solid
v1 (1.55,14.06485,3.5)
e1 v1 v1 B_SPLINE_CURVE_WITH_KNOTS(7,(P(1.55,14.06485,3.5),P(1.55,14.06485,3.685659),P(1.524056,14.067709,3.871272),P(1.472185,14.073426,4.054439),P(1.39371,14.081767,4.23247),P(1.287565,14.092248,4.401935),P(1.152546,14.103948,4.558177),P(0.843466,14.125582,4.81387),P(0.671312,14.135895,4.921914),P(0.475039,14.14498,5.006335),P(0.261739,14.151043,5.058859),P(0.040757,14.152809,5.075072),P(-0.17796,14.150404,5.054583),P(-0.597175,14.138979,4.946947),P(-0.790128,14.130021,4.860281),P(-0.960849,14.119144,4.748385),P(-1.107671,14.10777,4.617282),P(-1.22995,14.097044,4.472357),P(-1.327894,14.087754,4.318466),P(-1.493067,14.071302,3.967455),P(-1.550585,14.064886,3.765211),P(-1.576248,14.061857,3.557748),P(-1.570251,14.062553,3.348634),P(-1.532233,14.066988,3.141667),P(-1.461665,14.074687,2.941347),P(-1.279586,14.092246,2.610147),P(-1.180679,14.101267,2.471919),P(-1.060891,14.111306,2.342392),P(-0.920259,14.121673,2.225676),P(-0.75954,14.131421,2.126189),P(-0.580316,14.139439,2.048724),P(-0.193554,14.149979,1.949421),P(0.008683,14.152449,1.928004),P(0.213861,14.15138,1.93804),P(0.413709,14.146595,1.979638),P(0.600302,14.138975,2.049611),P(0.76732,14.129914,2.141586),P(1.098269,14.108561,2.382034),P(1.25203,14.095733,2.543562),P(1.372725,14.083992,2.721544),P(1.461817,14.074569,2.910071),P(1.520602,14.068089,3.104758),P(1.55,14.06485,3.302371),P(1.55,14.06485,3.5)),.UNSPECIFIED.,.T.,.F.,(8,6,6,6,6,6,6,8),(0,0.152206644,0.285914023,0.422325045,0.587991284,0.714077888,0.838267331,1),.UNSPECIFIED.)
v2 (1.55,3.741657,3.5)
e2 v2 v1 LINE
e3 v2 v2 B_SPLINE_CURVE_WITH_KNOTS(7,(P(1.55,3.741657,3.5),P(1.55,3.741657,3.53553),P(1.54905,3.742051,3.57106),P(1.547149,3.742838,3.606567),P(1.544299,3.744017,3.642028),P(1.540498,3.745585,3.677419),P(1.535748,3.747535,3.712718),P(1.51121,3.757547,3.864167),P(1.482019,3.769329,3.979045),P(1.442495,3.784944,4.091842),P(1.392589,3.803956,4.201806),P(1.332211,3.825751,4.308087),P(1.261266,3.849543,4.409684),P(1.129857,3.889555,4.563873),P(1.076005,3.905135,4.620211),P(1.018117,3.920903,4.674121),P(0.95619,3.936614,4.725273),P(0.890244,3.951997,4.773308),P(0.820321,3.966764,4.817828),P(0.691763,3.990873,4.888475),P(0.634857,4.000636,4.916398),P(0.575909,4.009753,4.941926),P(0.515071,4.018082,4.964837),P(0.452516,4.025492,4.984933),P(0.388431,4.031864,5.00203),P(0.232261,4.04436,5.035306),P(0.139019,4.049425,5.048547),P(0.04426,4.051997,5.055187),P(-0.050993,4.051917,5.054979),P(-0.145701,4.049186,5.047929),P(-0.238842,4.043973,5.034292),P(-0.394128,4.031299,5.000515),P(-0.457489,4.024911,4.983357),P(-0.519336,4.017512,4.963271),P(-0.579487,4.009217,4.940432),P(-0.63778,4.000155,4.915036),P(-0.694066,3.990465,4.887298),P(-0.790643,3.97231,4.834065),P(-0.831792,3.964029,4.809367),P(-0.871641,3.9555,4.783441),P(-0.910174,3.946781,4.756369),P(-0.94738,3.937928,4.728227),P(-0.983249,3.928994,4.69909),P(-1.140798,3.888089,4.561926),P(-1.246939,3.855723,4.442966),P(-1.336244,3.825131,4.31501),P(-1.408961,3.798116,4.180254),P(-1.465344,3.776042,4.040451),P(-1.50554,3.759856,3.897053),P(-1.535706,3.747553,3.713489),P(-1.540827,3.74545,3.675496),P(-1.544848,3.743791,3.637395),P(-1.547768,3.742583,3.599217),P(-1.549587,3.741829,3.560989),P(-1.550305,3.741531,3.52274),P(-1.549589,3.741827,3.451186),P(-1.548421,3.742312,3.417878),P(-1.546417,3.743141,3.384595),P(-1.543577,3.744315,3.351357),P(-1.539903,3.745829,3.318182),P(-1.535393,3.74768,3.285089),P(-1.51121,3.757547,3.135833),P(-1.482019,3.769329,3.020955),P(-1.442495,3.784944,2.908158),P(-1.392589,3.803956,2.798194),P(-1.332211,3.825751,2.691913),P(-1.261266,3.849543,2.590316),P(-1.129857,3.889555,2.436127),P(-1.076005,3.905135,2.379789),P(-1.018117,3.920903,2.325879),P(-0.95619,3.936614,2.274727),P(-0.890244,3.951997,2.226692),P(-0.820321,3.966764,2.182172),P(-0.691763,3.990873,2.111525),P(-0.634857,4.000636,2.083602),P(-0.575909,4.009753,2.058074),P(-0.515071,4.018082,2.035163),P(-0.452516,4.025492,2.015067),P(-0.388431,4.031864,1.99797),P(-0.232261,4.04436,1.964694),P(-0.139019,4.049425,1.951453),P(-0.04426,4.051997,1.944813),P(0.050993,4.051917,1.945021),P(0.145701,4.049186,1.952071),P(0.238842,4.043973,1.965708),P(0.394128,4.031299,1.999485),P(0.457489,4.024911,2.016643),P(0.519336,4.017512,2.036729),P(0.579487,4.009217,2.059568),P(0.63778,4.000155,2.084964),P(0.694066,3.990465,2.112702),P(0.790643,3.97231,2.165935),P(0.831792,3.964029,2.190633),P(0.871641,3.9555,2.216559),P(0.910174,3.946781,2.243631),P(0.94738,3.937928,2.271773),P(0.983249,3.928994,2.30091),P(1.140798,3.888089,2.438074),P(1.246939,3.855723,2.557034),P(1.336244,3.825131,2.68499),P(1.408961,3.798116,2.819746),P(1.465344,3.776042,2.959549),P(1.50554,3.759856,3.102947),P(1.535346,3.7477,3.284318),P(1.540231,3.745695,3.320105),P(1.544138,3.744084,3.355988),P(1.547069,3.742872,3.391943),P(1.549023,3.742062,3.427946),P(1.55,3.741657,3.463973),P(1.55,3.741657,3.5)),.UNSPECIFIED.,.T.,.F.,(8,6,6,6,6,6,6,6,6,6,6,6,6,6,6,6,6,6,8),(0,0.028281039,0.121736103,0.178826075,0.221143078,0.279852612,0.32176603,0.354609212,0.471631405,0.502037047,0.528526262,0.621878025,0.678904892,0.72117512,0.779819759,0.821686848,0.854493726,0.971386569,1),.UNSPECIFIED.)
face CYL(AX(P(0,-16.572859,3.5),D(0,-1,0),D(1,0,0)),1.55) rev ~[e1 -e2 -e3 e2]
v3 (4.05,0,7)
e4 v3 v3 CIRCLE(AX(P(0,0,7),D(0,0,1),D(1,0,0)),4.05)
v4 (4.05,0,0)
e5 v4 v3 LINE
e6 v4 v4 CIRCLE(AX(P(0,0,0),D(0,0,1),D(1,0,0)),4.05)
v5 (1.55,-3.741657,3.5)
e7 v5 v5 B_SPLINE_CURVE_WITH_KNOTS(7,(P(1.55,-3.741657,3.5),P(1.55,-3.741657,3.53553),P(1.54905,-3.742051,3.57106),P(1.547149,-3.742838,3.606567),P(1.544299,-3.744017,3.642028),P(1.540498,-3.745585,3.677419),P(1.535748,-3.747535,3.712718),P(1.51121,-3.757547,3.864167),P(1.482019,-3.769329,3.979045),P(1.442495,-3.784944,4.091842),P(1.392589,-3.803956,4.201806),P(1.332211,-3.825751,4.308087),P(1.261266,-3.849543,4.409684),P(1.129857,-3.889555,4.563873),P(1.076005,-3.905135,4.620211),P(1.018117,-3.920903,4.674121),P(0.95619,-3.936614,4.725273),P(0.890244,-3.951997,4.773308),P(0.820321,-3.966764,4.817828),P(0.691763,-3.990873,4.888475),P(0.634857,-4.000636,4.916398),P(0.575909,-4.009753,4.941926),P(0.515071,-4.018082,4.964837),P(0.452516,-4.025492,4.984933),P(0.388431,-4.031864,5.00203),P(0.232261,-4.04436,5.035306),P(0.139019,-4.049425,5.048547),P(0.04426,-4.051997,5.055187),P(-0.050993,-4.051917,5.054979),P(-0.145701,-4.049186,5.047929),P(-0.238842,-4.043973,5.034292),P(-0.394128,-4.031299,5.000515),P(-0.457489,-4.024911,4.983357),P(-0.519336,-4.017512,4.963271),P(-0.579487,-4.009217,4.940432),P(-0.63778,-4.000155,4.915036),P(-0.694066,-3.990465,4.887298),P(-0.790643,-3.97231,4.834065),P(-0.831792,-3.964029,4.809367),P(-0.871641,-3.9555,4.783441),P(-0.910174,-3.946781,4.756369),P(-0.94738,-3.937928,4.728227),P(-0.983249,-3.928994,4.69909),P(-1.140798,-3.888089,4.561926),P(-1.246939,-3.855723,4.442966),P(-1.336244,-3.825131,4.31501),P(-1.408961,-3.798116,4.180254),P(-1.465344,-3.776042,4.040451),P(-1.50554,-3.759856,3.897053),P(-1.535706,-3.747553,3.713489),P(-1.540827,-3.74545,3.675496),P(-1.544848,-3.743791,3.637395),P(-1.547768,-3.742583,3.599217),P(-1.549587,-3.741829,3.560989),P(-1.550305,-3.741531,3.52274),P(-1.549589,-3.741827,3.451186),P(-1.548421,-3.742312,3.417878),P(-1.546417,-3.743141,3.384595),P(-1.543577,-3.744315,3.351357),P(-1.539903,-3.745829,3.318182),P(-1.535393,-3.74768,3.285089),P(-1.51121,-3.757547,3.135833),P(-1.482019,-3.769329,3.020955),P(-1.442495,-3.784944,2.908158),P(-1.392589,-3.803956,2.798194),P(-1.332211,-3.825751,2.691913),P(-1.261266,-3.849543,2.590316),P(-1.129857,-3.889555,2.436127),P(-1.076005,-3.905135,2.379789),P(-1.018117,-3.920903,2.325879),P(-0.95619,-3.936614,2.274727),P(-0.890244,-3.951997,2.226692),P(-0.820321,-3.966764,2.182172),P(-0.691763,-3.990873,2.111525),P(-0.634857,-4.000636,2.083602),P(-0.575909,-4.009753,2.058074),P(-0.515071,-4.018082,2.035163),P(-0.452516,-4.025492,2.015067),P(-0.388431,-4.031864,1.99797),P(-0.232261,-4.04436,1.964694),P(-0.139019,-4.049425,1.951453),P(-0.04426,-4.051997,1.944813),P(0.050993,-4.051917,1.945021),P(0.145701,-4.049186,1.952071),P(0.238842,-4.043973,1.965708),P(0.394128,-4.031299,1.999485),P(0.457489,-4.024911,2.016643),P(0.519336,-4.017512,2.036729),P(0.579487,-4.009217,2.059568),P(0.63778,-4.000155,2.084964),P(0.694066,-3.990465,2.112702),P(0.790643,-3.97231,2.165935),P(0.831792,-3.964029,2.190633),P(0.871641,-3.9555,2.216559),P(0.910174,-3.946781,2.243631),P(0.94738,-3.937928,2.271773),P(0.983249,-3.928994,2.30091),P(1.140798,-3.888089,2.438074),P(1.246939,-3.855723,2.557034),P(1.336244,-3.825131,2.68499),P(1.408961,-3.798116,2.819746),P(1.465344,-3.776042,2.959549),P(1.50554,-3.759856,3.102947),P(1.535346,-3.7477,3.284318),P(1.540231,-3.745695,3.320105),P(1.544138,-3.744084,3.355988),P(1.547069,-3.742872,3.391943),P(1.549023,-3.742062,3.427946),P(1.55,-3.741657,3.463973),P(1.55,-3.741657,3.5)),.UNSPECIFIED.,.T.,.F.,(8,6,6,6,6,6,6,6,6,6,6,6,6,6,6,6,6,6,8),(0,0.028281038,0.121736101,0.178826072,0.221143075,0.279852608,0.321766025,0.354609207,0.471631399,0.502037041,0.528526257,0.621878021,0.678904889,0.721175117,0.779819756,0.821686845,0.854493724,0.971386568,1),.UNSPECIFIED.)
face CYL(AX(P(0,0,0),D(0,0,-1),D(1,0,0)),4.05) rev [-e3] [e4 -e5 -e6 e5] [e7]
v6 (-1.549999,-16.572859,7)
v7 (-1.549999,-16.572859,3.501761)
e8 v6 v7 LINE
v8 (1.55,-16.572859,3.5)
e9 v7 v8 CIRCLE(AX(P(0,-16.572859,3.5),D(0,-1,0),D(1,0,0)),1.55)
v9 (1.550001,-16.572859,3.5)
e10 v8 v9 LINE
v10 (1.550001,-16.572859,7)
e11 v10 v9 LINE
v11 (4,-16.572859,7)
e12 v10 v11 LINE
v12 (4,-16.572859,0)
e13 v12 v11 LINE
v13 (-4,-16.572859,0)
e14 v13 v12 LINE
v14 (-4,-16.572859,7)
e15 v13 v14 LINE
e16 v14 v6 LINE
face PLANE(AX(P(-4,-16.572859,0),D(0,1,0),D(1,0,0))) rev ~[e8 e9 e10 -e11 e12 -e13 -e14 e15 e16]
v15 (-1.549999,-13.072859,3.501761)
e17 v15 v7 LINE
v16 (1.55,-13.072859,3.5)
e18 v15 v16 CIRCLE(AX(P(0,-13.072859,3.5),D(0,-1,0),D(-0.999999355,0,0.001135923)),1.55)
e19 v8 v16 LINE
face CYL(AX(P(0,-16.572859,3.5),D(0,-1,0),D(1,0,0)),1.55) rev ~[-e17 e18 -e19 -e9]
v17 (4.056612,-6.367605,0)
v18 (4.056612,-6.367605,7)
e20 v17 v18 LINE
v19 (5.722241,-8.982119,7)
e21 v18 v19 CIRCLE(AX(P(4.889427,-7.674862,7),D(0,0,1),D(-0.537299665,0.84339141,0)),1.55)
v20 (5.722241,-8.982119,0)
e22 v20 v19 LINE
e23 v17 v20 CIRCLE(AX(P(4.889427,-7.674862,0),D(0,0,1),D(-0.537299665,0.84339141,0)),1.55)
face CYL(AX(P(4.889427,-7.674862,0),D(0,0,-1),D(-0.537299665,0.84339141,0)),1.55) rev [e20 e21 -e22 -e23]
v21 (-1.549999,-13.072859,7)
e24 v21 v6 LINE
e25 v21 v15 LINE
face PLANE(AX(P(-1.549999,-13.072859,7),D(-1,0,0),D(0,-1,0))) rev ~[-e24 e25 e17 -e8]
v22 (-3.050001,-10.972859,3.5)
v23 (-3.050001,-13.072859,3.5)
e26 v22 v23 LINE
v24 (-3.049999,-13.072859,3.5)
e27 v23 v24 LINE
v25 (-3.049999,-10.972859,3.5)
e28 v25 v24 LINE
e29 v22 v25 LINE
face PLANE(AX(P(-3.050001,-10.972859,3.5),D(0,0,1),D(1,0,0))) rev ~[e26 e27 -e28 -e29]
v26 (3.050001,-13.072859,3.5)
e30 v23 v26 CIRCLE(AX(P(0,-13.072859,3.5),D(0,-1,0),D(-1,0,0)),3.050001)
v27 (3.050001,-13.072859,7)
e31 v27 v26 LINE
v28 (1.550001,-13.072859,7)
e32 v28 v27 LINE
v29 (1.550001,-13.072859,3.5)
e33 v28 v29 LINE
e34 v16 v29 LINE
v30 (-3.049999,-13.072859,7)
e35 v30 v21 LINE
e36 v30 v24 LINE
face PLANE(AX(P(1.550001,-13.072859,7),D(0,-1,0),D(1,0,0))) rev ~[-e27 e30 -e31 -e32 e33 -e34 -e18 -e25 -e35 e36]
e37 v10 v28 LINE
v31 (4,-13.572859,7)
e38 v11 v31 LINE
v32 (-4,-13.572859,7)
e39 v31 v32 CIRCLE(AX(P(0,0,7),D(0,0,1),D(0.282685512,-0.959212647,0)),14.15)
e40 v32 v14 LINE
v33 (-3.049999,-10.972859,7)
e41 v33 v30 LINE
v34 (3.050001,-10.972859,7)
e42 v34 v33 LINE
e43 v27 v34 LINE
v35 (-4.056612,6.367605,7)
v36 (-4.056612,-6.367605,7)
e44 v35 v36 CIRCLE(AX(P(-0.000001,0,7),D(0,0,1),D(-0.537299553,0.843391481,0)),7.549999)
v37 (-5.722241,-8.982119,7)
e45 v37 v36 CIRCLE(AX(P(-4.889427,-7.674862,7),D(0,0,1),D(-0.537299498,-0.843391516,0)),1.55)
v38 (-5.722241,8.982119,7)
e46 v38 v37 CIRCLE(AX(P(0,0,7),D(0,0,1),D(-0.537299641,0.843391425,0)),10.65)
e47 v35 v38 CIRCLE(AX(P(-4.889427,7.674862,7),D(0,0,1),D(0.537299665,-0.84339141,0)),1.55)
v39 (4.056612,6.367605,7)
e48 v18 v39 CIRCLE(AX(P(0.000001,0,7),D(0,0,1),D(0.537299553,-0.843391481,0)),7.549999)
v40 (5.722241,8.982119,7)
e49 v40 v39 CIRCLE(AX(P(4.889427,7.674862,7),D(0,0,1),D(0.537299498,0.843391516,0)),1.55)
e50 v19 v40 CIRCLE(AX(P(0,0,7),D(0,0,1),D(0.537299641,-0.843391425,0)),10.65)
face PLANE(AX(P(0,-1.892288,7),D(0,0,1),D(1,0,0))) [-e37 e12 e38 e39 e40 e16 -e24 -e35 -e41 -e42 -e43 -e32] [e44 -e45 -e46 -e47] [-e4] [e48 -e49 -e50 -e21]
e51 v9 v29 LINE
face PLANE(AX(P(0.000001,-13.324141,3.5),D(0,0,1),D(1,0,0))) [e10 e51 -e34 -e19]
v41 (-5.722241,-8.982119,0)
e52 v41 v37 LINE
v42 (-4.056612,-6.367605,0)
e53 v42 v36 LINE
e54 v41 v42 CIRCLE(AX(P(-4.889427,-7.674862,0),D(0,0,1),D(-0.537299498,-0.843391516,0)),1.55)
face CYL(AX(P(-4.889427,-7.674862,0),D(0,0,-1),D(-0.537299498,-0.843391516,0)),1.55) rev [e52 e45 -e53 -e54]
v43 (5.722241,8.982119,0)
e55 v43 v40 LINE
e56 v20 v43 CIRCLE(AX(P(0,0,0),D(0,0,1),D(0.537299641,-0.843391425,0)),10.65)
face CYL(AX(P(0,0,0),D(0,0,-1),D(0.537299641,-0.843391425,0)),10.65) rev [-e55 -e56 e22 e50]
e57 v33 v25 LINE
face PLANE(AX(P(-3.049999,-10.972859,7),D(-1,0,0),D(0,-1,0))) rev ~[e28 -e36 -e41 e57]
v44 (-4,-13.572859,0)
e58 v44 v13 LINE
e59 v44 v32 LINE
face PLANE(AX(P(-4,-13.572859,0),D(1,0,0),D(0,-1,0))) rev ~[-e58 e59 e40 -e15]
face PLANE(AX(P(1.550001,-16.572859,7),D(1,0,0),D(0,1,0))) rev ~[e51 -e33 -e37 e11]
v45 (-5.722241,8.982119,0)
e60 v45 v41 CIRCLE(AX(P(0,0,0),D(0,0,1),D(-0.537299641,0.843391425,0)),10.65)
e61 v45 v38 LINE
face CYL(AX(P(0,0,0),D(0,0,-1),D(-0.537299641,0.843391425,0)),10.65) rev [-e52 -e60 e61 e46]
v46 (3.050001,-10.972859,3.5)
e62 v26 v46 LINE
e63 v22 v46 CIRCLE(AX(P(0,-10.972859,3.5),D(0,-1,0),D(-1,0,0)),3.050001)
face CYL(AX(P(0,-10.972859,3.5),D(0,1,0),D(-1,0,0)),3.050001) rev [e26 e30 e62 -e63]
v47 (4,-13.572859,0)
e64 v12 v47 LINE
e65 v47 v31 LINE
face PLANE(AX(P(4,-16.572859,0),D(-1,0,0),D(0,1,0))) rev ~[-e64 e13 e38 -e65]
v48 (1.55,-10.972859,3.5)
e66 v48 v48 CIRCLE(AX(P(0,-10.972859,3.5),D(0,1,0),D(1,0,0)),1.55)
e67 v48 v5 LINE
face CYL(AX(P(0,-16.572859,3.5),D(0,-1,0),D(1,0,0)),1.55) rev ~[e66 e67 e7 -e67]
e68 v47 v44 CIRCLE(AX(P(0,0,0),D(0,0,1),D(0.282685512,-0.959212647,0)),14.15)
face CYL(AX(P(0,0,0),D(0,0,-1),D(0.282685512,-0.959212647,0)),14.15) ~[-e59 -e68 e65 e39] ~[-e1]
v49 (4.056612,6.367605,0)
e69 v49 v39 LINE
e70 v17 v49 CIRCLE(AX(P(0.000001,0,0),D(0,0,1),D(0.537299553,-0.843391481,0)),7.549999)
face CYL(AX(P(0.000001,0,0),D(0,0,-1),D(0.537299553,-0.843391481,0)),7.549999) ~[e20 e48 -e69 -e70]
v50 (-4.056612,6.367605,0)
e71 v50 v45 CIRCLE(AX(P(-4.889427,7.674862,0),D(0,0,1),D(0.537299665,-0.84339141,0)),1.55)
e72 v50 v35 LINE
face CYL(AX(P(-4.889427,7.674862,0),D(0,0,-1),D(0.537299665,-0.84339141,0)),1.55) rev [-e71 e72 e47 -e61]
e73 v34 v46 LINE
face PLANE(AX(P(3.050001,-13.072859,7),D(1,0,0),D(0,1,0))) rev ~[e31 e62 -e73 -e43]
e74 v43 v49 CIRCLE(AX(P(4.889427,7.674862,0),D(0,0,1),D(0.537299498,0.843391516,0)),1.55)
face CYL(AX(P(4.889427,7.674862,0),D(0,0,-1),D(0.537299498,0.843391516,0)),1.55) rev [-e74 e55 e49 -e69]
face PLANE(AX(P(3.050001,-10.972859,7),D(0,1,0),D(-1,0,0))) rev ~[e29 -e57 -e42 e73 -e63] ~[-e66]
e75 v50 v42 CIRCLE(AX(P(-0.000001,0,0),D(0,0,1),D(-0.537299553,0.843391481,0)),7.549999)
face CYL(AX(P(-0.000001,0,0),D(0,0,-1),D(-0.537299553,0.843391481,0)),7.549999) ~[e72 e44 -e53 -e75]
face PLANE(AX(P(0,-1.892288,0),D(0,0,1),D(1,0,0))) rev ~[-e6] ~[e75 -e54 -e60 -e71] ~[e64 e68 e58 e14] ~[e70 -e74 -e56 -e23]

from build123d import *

# Parameters (mm, degrees)
SKETCH_R        = 4.05
EXTRUDE_DEPTH   = 7
SKETCH001_R     = 1.55
POCKET_DEPTH    = 30.723859
POCKET001_DEPTH = 3.5
POCKET002_DEPTH = 2.1


with BuildPart() as part:
    # Sketch → Extrude (new body)
    with BuildSketch(Plane.XY):
        with BuildLine():
            ThreePointArc((4, -13.572859), (0, 14.15), (-4, -13.572859))
            Line((-4, -13.572859), (-4, -16.572859))
            Line((-4, -16.572859), (4, -16.572859))
            Line((4, -16.572859), (4, -13.572859))
        make_face()
        Circle(SKETCH_R, mode=Mode.SUBTRACT)
        with BuildLine():
            ThreePointArc((-4.056612, 6.367605), (-7.55, 0), (-4.056612, -6.367605))
            ThreePointArc((-5.722241, -8.982119), (-3.58217, -8.507677), (-4.056612, -6.367605))
            ThreePointArc((-5.722241, 8.982119), (-10.65, 0), (-5.722241, -8.982119))
            ThreePointArc((-4.056612, 6.367605), (-3.58217, 8.507677), (-5.722241, 8.982119))
        make_face(mode=Mode.SUBTRACT)
        with BuildLine():
            ThreePointArc((4.056612, -6.367605), (7.55, 0), (4.056612, 6.367605))
            ThreePointArc((5.722241, 8.982119), (3.58217, 8.507677), (4.056612, 6.367605))
            ThreePointArc((5.722241, -8.982119), (10.65, 0), (5.722241, 8.982119))
            ThreePointArc((4.056612, -6.367605), (3.58217, -8.507677), (5.722241, -8.982119))
        make_face(mode=Mode.SUBTRACT)
    extrude(amount=EXTRUDE_DEPTH)

    # Sketch001 → Pocket (cut, through all)
    with BuildSketch(Plane.XZ.offset(16.572859)):
        with Locations((0, 3.5)):
            Circle(SKETCH001_R)
    extrude(amount=-POCKET_DEPTH, mode=Mode.SUBTRACT)

    # Sketch002 → Pocket001 (cut)
    with BuildSketch(Plane.XY.offset(7)):
        Polygon((-3.049999, -10.972859), (-3.049999, -13.072859), (-1.549999, -13.072859), (-1.549999, -16.572859), (1.550001, -16.572859), (1.550001, -13.072859), (3.050001, -13.072859), (3.050001, -10.972859), align=None)
    extrude(amount=-POCKET001_DEPTH, mode=Mode.SUBTRACT)

    # Sketch003 → Pocket002 (cut)
    with BuildSketch(Plane.XZ.offset(10.972859)):
        with BuildLine():
            ThreePointArc((-3.050001, 3.5), (0, 0.449999), (3.050001, 3.5))
            Line((-3.050001, 3.5), (3.050001, 3.5))
        make_face()
    extrude(amount=POCKET002_DEPTH, mode=Mode.SUBTRACT)


solid = part.part
